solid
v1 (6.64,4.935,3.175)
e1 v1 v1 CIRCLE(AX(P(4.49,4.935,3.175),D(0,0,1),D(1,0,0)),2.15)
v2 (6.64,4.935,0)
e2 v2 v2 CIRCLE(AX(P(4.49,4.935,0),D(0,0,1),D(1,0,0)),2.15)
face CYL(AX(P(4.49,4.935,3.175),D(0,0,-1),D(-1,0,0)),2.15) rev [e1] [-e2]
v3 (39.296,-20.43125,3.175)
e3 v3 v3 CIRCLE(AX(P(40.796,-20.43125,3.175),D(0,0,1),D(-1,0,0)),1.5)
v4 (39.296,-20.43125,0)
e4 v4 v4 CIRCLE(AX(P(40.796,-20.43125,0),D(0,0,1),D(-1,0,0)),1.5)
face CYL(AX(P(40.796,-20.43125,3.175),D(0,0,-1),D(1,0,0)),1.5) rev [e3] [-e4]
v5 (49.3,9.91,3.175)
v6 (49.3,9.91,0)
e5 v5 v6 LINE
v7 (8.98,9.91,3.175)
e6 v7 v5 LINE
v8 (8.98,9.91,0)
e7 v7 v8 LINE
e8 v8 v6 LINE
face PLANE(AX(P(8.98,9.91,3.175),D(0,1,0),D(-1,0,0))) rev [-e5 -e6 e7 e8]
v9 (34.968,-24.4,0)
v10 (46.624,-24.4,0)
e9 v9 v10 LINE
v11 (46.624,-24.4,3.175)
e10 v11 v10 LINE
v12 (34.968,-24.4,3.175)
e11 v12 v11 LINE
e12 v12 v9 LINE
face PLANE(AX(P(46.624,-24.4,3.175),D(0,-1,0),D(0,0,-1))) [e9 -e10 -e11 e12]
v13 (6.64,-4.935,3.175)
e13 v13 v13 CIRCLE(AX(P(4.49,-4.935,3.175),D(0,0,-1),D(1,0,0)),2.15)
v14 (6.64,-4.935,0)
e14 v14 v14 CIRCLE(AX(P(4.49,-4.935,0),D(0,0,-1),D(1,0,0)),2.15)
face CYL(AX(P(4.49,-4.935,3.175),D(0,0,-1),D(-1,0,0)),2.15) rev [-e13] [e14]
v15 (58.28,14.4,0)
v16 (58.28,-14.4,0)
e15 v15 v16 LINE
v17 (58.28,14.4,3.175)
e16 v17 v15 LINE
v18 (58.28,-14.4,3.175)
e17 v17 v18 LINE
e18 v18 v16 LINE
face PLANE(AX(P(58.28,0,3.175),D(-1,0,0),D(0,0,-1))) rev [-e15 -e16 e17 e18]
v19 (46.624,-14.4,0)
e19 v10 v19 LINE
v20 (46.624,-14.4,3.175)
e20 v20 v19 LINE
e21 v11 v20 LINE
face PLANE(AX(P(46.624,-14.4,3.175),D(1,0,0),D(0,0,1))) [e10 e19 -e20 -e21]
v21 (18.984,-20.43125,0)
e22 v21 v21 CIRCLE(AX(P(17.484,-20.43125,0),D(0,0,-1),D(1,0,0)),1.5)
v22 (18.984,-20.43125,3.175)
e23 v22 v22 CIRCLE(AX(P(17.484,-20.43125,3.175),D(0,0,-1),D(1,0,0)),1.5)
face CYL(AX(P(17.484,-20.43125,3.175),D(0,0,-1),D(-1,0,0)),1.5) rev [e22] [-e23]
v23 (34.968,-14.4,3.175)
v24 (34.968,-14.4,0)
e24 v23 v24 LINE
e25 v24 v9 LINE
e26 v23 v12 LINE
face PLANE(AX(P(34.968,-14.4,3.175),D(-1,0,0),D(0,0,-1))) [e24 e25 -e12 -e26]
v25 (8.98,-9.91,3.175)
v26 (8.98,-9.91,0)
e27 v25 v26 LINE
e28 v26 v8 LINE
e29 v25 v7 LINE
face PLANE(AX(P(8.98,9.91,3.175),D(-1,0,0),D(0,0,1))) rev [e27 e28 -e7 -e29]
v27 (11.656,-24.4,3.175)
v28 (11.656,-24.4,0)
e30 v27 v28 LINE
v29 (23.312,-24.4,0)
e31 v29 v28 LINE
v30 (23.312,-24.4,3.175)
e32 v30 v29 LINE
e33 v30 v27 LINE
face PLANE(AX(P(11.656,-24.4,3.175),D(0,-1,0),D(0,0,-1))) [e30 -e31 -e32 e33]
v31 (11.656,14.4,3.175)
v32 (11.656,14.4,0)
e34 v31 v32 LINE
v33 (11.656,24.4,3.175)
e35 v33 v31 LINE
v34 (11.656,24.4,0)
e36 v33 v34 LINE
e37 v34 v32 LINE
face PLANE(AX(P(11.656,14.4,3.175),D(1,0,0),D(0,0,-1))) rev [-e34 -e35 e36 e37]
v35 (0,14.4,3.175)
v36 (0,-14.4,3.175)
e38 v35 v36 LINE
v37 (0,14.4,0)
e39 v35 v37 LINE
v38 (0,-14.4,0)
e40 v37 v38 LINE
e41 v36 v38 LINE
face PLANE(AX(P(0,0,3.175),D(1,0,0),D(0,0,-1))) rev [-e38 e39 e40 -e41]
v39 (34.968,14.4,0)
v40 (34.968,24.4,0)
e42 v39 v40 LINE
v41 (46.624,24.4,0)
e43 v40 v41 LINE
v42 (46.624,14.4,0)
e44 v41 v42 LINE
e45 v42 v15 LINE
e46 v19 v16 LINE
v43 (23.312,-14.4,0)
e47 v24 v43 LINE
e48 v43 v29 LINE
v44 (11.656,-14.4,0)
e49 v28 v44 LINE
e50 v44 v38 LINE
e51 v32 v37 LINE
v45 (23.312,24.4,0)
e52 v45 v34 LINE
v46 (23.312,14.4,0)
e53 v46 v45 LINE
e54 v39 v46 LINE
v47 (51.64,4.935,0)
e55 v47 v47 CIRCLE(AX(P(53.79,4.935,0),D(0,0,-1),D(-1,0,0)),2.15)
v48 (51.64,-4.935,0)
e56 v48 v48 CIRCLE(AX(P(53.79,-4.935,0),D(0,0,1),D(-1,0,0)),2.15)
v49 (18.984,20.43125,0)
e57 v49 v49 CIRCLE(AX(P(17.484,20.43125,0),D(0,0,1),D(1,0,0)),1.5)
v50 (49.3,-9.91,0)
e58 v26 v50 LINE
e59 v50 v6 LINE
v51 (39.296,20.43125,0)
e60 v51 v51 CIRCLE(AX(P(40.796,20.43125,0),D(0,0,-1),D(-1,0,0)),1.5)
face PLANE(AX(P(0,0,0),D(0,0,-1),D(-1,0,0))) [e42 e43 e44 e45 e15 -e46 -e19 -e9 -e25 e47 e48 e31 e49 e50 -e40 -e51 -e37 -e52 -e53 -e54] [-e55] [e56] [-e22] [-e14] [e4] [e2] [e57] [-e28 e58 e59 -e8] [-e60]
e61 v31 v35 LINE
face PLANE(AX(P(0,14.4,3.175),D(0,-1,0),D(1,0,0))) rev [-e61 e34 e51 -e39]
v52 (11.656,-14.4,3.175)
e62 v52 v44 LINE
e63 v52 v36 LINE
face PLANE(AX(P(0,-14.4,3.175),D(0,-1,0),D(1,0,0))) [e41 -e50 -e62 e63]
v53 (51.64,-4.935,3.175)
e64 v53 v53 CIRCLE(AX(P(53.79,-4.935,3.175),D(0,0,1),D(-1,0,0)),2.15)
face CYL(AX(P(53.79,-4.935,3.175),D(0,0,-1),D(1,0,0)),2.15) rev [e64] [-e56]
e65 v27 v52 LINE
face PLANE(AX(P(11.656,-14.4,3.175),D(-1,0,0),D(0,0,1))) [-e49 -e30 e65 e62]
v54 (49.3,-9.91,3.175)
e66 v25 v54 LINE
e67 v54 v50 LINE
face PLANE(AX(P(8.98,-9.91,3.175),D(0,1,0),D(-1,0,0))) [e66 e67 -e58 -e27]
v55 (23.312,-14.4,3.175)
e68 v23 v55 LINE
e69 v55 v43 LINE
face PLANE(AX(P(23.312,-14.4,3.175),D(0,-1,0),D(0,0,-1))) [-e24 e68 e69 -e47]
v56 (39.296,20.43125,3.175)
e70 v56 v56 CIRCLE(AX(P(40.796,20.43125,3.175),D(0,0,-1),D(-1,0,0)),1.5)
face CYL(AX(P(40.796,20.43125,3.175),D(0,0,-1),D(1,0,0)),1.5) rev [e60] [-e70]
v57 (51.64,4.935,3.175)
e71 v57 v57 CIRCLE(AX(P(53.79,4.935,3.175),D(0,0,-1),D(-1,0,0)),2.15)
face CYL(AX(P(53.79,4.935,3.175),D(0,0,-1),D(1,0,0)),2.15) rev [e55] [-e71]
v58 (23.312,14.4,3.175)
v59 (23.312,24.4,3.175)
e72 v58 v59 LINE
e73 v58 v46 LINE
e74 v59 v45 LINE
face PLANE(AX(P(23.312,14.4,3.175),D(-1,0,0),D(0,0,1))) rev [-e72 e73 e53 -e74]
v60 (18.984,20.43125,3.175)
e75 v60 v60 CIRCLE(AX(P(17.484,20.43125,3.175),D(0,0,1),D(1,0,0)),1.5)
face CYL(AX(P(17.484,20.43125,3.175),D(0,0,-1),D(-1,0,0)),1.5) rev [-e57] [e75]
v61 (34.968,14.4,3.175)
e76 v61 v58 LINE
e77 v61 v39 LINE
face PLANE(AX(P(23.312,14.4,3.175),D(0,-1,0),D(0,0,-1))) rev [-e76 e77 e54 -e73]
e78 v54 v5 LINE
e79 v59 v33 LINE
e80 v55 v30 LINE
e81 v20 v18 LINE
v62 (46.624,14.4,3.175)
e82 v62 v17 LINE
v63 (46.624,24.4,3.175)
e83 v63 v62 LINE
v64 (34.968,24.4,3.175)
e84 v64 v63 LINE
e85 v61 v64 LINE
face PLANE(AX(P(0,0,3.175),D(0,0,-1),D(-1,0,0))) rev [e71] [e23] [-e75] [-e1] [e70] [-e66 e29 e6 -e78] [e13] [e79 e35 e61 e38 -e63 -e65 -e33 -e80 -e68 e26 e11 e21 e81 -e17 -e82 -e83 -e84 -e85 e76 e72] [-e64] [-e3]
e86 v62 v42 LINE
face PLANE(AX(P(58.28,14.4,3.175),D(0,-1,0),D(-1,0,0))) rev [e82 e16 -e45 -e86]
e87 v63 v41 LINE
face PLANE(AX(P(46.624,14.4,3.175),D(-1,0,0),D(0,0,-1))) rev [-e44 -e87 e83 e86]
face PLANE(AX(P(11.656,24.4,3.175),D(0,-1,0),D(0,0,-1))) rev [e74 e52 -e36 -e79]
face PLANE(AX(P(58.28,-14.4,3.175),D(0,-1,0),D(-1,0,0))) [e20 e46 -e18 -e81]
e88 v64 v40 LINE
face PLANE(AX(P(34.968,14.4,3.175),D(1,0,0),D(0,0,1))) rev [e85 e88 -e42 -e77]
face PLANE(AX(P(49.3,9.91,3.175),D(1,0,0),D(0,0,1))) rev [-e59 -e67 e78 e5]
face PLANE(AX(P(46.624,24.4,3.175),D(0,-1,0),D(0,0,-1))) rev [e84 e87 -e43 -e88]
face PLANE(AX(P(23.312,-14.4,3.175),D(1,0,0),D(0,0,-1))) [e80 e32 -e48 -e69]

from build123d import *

# Parameters (mm, degrees)
SKETCH2_R           = 2.15
SKETCH2_R_2         = 1.5
BOSS_EXTRUDE1_DEPTH = 3.175


with BuildPart() as part:
    # Sketch2 → Boss-Extrude1 (new body)
    with BuildSketch(Plane.XY):
        Polygon((23.312, 14.4), (29.14, 14.4), (29.14, 9.91), (8.98, 9.91), (8.98, 0), (0, 0), (0, 14.4), (11.656, 14.4), (11.656, 24.4), (23.312, 24.4), align=None)
        with Locations((4.49, 4.935)):
            Circle(SKETCH2_R, mode=Mode.SUBTRACT)
        with Locations((17.484, 20.43125)):
            Circle(SKETCH2_R_2, mode=Mode.SUBTRACT)
    boss_extrude1 = extrude(amount=BOSS_EXTRUDE1_DEPTH)

    # Mirror8: Boss-Extrude1 across plane
    add(boss_extrude1.mirror(Plane(origin=(8.98, 0, 3.175), x_dir=(0, 0, 1), z_dir=(0, 1, 0))))

    # Mirror10: part across plane


with BuildPart() as part_1:
    add(part.part)
    add(part.part.mirror(Plane(origin=(29.14, 9.91, 3.175), x_dir=(0, 0, 1), z_dir=(-1, 0, 0))))


solid = part_1.part
